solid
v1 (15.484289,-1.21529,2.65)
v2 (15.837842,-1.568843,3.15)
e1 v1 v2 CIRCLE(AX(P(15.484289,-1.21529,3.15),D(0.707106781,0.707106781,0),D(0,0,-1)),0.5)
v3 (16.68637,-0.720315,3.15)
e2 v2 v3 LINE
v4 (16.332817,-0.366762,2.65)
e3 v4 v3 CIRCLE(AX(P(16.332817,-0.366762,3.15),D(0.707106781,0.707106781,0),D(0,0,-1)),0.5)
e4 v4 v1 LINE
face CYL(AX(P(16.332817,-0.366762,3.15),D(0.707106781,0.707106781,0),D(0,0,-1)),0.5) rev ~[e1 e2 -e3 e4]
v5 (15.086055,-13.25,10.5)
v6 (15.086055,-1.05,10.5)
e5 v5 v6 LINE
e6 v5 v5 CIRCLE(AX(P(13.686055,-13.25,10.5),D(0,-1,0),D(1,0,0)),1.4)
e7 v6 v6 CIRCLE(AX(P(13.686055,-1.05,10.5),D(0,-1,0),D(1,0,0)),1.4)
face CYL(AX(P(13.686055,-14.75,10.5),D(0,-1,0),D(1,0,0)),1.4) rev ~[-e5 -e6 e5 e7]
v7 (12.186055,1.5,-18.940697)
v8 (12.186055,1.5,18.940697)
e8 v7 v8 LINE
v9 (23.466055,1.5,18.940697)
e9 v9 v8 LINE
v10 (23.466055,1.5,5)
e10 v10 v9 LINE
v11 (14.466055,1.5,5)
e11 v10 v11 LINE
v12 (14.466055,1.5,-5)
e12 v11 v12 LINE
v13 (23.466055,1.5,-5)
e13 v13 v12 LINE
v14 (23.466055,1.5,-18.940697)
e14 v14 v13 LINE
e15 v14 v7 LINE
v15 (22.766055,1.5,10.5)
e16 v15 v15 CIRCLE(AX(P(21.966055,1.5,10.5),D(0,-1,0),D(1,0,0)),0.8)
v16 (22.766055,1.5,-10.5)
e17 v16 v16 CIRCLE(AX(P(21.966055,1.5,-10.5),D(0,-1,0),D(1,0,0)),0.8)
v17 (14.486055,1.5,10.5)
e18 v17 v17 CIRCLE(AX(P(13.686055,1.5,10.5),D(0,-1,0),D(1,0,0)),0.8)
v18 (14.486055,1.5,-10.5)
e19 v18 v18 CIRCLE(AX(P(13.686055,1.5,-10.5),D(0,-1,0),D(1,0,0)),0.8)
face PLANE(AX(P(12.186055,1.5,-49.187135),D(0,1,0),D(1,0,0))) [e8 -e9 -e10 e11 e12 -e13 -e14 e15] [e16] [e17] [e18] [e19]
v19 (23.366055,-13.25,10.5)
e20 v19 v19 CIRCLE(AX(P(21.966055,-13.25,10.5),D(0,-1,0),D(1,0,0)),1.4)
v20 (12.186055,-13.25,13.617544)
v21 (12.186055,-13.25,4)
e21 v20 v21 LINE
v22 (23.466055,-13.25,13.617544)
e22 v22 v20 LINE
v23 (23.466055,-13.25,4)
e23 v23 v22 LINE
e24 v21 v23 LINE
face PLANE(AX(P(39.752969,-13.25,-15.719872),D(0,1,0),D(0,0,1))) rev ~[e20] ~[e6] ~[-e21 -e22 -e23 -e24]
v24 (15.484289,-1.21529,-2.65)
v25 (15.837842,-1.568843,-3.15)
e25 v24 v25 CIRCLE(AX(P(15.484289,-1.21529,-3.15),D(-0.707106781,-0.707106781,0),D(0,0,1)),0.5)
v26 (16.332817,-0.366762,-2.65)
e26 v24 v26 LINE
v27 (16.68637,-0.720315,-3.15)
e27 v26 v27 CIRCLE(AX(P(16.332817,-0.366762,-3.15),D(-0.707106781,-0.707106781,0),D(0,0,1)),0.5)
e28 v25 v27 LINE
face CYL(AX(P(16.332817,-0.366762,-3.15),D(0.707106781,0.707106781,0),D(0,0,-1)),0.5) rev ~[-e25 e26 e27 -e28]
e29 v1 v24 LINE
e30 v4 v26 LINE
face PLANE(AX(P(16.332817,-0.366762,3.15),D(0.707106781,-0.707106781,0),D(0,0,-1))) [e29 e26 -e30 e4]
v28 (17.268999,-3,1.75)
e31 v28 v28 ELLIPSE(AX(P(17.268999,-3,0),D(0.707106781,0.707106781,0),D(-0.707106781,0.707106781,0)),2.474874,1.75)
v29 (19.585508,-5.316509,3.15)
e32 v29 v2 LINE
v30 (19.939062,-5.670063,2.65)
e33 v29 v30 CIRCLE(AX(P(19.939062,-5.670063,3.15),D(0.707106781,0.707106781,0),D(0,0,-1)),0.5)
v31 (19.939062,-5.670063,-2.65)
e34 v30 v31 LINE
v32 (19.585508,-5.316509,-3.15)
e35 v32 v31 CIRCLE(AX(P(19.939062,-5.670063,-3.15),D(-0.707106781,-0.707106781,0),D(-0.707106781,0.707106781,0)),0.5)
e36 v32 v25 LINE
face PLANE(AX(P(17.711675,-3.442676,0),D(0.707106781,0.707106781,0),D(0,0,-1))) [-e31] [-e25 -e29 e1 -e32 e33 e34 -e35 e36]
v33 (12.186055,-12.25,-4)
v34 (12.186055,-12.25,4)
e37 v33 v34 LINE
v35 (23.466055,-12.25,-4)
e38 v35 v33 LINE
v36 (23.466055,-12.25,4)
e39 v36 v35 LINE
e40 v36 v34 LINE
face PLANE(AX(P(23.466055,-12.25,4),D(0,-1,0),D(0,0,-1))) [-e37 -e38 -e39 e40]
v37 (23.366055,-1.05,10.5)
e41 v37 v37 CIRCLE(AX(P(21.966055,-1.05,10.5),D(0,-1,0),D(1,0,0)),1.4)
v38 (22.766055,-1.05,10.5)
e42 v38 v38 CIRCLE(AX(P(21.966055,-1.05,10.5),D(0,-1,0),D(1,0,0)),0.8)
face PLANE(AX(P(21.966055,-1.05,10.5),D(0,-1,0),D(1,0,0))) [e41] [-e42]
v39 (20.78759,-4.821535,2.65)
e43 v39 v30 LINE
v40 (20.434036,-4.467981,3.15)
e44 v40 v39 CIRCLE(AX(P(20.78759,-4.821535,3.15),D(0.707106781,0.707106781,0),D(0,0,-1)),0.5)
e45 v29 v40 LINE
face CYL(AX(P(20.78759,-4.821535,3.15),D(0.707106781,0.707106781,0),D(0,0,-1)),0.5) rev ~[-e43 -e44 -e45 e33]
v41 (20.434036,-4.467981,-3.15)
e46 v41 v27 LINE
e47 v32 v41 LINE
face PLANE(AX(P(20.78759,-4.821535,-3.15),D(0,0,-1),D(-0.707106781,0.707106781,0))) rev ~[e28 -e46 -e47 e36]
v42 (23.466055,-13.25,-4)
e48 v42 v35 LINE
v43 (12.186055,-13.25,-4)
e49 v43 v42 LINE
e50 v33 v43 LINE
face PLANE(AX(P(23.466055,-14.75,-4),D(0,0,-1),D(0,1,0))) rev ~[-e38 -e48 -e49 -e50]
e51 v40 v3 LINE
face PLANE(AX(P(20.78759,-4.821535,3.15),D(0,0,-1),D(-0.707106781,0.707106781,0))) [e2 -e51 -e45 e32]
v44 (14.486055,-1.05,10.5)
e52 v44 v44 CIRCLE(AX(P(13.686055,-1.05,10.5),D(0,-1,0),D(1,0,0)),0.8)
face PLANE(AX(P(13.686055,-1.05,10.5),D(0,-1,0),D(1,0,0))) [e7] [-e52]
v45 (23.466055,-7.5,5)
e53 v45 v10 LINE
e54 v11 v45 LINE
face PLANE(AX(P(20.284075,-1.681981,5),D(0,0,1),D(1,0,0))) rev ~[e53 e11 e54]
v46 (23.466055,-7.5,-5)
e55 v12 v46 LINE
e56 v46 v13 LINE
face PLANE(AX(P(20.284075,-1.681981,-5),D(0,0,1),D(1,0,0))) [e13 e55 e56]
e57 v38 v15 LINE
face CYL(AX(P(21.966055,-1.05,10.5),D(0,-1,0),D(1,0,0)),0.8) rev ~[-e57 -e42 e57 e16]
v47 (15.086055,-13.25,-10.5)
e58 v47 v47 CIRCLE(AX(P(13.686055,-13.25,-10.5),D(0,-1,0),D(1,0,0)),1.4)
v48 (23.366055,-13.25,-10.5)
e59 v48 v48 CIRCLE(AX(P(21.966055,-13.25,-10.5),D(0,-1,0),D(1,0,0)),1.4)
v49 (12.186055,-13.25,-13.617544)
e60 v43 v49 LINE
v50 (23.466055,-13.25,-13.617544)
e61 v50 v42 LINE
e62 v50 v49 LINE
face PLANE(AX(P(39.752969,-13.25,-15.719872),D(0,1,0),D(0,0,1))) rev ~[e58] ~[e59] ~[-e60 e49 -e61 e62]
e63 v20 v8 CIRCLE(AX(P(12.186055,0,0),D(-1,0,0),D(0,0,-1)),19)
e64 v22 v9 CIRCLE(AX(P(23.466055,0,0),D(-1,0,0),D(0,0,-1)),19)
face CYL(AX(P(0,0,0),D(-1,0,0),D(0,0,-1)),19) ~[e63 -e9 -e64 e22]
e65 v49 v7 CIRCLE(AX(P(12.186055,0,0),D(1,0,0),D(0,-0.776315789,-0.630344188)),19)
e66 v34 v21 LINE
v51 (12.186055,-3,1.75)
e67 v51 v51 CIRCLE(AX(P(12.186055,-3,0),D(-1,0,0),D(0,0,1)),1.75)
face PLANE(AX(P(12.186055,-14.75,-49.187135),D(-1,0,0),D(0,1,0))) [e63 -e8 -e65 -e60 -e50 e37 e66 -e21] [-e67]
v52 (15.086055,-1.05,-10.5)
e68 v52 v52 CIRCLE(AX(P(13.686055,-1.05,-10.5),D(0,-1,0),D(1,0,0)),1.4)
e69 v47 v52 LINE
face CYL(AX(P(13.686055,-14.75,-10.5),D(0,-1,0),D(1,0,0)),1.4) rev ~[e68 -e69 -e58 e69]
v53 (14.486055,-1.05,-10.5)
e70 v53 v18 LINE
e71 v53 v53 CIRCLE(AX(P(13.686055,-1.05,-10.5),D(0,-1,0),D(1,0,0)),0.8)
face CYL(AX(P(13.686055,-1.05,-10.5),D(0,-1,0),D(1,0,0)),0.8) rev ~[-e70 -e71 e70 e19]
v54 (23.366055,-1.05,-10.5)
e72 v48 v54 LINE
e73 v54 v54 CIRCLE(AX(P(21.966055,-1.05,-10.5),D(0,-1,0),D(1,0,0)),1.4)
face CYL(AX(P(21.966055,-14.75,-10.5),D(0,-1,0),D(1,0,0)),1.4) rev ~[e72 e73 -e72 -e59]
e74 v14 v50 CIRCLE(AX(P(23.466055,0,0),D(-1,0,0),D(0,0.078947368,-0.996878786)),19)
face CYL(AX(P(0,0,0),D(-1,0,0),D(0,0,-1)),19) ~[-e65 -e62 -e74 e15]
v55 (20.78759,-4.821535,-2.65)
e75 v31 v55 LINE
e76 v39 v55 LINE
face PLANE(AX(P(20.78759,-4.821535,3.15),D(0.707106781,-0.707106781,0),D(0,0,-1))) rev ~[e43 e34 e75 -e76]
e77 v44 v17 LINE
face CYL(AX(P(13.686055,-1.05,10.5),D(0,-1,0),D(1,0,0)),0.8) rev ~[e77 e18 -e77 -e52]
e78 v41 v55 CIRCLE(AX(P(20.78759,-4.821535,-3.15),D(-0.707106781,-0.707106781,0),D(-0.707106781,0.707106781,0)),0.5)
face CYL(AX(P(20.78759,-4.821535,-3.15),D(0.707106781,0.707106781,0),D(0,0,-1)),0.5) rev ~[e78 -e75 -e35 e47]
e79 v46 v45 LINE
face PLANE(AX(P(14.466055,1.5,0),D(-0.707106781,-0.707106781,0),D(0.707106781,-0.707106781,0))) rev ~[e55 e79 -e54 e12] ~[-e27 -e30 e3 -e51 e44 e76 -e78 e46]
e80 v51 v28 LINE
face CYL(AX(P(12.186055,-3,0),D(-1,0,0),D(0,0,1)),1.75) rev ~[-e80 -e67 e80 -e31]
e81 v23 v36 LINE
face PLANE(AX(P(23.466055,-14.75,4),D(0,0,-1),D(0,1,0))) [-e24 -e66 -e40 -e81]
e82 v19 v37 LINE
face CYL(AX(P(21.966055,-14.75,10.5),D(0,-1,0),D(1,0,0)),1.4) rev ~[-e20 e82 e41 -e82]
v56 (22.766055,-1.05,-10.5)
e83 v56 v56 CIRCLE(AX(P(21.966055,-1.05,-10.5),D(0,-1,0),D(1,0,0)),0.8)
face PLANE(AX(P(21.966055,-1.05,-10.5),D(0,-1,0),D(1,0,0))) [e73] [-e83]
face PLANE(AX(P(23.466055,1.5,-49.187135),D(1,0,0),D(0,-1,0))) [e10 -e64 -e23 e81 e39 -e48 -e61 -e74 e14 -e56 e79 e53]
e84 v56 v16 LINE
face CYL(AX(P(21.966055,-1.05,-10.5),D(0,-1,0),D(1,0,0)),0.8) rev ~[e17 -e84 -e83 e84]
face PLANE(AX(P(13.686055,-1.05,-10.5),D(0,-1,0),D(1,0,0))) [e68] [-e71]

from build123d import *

# Parameters (mm, degrees)
SKETCH_1_R                = 19
EXTRUDE_1_DEPTH           = 40
CUT_EXTRUDE_1_DEPTH       = 49.187135213
CUT_EXTRUDE_1_DEPTH_BACK  = 49.187135213
SKETCH_2_OUTSIDE_W        = 55.398
SKETCH_2_OUTSIDE_H        = 53.398
SKETCH_3_R                = 1.75
CUT_EXTRUDE_2_DEPTH       = 7.4
CUT_EXTRUDE_4_DEPTH       = 5
SKETCH_6_W                = 6.3
SKETCH_6_H                = 6.3
CUT_EXTRUDE_5_DEPTH       = 1.2
SKETCH_10_R               = 1.4
CUT_EXTRUDE_8_DEPTH       = 13.7
CUT_EXTRUDE_9_REACH       = 35.156
SKETCH_11_R               = 0.8
SKETCH_12_W               = 8
SKETCH_12_H               = 2.5
CUT_EXTRUDE_10_DEPTH      = 27.566913633
SKETCH_13_R               = 0.5
CUT_EXTRUDE_11_DEPTH      = 1.2
CUT_EXTRUDE_12_DEPTH      = 27.566913633
CUT_EXTRUDE_12_DEPTH_BACK = 27.566913633
SKETCH_14_W               = 31.188232258
SKETCH_14_H               = 3.19353307


with BuildPart() as part:
    # 草图1 → 凸台-拉伸1 (new body)
    with BuildSketch(Plane(origin=(0, 0, 0), x_dir=(0, 0, -1), z_dir=(1, 0, 0))):
        Circle(SKETCH_1_R)
    extrude(amount=EXTRUDE_1_DEPTH)

    # 草图2 outside → 切除-拉伸1 (cut, two sides: drawn at the far end of the back side and taken through both)
    with BuildSketch(Plane.XY.offset(-CUT_EXTRUDE_1_DEPTH_BACK)):
        with Locations((20, 0)):
            Rectangle(SKETCH_2_OUTSIDE_W, SKETCH_2_OUTSIDE_H)
        Polygon((12.186055083, 1.5), (14.466055083, 1.5), (23.466055083, 1.5), (23.466055083, -7.5), (23.466055083, -14.75), (12.186055083, -14.75), align=None, mode=Mode.SUBTRACT)
    extrude(amount=CUT_EXTRUDE_1_DEPTH + CUT_EXTRUDE_1_DEPTH_BACK, mode=Mode.SUBTRACT)

    # 草图3 → 切除-拉伸2 (cut)
    with BuildSketch(Plane.ZY.offset(-12.186055083)):
        with Locations((0, -3)):
            Circle(SKETCH_3_R)
    extrude(amount=-CUT_EXTRUDE_2_DEPTH, mode=Mode.SUBTRACT)

    # 草图5 → 切除-拉伸4 (cut, symmetric)
    with BuildSketch(Plane.XY):
        Polygon((14.466055083, 1.5), (23.466055083, -7.5), (23.466055083, 1.5), align=None)
    extrude(amount=CUT_EXTRUDE_4_DEPTH, both=True, mode=Mode.SUBTRACT)

    # 草图6 → 切除-拉伸5 (cut)
    with BuildSketch(Plane(origin=(7.983027542, 7.983027542, 0), x_dir=(0, 0, -1), z_dir=(0.7071067811865487, 0.7071067811865465, 0))):
        with Locations((0, -14.958385475)):
            Rectangle(SKETCH_6_W, SKETCH_6_H)
    extrude(amount=-CUT_EXTRUDE_5_DEPTH, mode=Mode.SUBTRACT)

    # 草图10 → 切除-拉伸8 (cut)
    with BuildSketch(Plane.XZ.offset(14.75)):
        with Locations((13.686055083, 10.5)):
            Circle(SKETCH_10_R)
        with Locations((21.966055083, 10.5)):
            Circle(SKETCH_10_R)
        with Locations((13.686055083, -10.5)):
            Circle(SKETCH_10_R)
        with Locations((21.966055083, -10.5)):
            Circle(SKETCH_10_R)
    extrude(amount=-CUT_EXTRUDE_8_DEPTH, mode=Mode.SUBTRACT)

    # 草图11 → 切除-拉伸9 (cut, up to next)
    with BuildSketch(Plane.XZ.offset(1.05), mode=Mode.PRIVATE) as cut_extrude_9_sk1:
        with Locations((13.686055083, 10.5)):
            Circle(SKETCH_11_R)
    cut_extrude_9_tool1 = extrude(cut_extrude_9_sk1.sketch, amount=-CUT_EXTRUDE_9_REACH, mode=Mode.PRIVATE) & part.part
    # 草图11 → 切除-拉伸9 (cut, up to next)
    with BuildSketch(Plane.XZ.offset(1.05), mode=Mode.PRIVATE) as cut_extrude_9_sk2:
        with Locations((21.966055083, 10.5)):
            Circle(SKETCH_11_R)
    cut_extrude_9_tool2 = extrude(cut_extrude_9_sk2.sketch, amount=-CUT_EXTRUDE_9_REACH, mode=Mode.PRIVATE) & part.part
    # 草图11 → 切除-拉伸9 (cut, up to next)
    with BuildSketch(Plane.XZ.offset(1.05), mode=Mode.PRIVATE) as cut_extrude_9_sk3:
        with Locations((13.686055083, -10.5)):
            Circle(SKETCH_11_R)
    cut_extrude_9_tool3 = extrude(cut_extrude_9_sk3.sketch, amount=-CUT_EXTRUDE_9_REACH, mode=Mode.PRIVATE) & part.part
    # 草图11 → 切除-拉伸9 (cut, up to next)
    with BuildSketch(Plane.XZ.offset(1.05), mode=Mode.PRIVATE) as cut_extrude_9_sk4:
        with Locations((21.966055083, -10.5)):
            Circle(SKETCH_11_R)
    cut_extrude_9_tool4 = extrude(cut_extrude_9_sk4.sketch, amount=-CUT_EXTRUDE_9_REACH, mode=Mode.PRIVATE) & part.part
    add(cut_extrude_9_tool1.solids().sort_by_distance((13.686055, -1.05, 10.5))[0], mode=Mode.SUBTRACT)
    add(cut_extrude_9_tool2.solids().sort_by_distance((21.966055, -1.05, 10.5))[0], mode=Mode.SUBTRACT)
    add(cut_extrude_9_tool3.solids().sort_by_distance((13.686055, -1.05, -10.5))[0], mode=Mode.SUBTRACT)
    add(cut_extrude_9_tool4.solids().sort_by_distance((21.966055, -1.05, -10.5))[0], mode=Mode.SUBTRACT)

    # 草图12 → 切除-拉伸10 (cut, through all)
    with BuildSketch(Plane(origin=(23.466055083, 0, 0), x_dir=(0, 0, -1), z_dir=(1, 0, 0))):
        with Locations((0, -13.5)):
            Rectangle(SKETCH_12_W, SKETCH_12_H)
    extrude(amount=-CUT_EXTRUDE_10_DEPTH, mode=Mode.SUBTRACT)

    # 草图13 → 切除-拉伸11 (cut)
    with BuildSketch(Plane(origin=(7.983027542, 7.983027542, 0), x_dir=(0, 0, -1), z_dir=(0.7071067811865487, 0.7071067811865465, 0))):
        with Locations((-3.15, -11.808385475)):
            Circle(SKETCH_13_R)
        with Locations((3.15, -11.808385475)):
            Circle(SKETCH_13_R)
        with Locations((-3.15, -18.108385475)):
            Circle(SKETCH_13_R)
        with Locations((3.15, -18.108385475)):
            Circle(SKETCH_13_R)
    extrude(amount=-CUT_EXTRUDE_11_DEPTH, mode=Mode.SUBTRACT)

    # 草图14 → 切除-拉伸12 (cut, two sides: drawn at the far end of the back side and taken through both)
    with BuildSketch(Plane.ZY.offset(-12.186055083).offset(-CUT_EXTRUDE_12_DEPTH_BACK)):
        with Locations((-0.125755843, -14.846766535)):
            Rectangle(SKETCH_14_W, SKETCH_14_H)
    extrude(amount=CUT_EXTRUDE_12_DEPTH + CUT_EXTRUDE_12_DEPTH_BACK, mode=Mode.SUBTRACT)


solid = part.part
